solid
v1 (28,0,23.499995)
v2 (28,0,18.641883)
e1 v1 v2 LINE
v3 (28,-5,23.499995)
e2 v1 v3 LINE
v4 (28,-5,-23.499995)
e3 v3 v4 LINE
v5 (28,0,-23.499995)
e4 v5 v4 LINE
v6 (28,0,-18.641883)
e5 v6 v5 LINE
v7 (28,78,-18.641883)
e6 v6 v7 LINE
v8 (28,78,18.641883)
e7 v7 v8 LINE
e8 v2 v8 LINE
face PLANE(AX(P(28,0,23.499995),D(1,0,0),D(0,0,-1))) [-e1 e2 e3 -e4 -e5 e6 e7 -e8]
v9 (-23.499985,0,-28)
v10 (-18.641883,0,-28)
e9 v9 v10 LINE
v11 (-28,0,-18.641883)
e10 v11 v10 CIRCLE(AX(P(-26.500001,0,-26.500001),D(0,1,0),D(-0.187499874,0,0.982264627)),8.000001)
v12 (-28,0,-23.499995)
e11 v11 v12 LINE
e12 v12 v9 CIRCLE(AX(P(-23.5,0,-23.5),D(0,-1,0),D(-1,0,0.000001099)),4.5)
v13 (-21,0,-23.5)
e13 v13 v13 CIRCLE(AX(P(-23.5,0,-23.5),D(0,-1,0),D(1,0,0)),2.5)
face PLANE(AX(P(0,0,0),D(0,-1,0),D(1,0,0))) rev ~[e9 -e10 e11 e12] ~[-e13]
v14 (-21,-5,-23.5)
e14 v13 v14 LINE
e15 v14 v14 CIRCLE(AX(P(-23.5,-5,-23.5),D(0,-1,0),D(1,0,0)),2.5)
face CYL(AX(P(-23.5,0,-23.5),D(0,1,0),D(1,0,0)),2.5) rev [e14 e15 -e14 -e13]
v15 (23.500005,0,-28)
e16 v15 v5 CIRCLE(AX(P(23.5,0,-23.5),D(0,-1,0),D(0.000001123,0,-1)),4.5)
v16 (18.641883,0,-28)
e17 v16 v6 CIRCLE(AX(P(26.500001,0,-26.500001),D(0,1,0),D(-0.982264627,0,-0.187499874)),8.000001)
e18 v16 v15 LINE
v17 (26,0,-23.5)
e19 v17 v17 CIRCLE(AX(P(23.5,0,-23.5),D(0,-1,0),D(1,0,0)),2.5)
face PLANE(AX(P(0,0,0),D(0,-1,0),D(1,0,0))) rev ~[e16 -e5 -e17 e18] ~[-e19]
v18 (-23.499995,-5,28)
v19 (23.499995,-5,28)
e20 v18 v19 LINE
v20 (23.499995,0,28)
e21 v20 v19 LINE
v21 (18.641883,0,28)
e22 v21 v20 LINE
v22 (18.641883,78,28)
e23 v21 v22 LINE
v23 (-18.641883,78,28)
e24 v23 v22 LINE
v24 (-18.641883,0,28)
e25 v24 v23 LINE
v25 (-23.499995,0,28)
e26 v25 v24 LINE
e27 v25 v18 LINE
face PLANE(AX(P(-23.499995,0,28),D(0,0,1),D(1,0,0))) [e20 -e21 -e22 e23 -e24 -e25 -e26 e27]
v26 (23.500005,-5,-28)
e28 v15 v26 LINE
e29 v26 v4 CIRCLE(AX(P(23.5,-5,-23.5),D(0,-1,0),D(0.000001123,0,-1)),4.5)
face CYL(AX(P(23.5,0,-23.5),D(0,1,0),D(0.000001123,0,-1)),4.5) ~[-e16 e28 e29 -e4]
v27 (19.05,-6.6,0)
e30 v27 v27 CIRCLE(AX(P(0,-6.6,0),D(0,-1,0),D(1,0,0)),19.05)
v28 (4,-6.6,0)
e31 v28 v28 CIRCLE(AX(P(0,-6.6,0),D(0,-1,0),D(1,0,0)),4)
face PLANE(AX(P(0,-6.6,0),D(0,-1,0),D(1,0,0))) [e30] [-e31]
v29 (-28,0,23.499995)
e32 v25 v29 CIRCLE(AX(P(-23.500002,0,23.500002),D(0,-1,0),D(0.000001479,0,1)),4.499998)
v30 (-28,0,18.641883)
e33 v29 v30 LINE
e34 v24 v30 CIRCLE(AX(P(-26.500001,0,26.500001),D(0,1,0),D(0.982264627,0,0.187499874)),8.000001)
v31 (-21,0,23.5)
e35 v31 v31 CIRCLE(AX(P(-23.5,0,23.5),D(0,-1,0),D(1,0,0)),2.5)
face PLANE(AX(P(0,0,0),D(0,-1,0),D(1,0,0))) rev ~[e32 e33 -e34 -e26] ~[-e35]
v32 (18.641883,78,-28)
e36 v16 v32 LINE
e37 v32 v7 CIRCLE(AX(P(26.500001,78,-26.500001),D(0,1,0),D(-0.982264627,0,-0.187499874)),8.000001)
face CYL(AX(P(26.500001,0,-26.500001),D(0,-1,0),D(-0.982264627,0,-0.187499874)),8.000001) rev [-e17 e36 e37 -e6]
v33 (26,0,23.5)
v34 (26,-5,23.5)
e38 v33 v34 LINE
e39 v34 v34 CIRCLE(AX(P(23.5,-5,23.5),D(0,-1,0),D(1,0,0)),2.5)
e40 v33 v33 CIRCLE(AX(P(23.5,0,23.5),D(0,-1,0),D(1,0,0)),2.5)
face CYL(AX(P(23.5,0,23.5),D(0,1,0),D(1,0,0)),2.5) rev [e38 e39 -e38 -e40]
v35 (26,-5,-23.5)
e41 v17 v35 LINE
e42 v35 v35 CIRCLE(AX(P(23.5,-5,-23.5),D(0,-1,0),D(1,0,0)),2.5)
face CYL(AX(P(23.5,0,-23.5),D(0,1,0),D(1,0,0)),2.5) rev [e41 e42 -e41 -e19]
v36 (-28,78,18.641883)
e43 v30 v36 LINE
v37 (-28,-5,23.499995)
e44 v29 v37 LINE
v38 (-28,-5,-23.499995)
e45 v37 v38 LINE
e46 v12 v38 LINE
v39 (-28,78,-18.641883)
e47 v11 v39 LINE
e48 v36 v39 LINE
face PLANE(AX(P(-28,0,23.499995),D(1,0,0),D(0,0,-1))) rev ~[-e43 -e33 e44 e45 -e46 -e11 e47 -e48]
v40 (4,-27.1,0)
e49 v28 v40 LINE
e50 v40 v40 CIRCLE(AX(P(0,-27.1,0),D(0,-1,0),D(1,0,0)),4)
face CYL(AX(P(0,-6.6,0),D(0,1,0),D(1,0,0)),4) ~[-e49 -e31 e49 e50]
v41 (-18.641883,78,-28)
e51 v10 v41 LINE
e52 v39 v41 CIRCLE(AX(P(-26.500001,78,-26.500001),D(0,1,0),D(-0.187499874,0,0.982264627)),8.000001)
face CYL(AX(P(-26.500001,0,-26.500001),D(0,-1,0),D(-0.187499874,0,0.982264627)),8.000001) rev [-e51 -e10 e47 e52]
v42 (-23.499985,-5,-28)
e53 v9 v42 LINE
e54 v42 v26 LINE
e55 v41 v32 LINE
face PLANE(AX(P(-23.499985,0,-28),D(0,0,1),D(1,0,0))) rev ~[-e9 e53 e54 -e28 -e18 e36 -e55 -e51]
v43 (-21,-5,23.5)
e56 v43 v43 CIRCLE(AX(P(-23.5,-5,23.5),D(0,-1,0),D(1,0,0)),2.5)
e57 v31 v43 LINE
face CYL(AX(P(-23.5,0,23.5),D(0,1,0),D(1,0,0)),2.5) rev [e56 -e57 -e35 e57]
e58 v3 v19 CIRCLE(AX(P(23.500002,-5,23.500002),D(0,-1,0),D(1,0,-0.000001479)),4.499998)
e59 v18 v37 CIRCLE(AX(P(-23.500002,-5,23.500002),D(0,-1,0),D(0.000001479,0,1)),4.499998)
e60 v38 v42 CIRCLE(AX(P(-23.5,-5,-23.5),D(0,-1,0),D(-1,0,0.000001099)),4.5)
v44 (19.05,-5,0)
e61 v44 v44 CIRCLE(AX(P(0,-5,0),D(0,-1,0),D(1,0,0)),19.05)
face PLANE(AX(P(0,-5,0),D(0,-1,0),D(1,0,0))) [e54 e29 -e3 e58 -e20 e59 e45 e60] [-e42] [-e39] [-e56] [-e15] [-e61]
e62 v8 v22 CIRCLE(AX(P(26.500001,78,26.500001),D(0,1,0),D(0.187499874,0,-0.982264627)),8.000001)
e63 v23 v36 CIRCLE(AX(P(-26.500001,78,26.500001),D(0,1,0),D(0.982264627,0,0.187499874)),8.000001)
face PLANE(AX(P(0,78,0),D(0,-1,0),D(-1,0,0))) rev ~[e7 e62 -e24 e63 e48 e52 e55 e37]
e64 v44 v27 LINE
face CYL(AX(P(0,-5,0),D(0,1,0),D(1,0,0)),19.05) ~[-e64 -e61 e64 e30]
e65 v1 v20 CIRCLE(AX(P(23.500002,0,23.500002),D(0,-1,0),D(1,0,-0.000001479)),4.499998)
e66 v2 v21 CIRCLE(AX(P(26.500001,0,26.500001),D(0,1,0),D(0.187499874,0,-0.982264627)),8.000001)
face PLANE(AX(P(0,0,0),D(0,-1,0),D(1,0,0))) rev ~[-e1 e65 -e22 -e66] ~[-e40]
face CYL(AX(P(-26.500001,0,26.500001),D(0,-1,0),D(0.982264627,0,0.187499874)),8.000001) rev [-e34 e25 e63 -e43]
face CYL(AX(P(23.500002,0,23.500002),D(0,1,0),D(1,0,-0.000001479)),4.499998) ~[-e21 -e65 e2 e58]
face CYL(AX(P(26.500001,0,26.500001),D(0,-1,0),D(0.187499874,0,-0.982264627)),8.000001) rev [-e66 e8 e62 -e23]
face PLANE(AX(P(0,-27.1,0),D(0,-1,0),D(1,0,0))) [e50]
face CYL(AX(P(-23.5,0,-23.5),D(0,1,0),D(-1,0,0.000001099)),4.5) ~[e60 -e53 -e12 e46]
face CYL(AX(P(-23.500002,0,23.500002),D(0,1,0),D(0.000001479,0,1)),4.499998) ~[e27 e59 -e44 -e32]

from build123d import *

# Parameters (mm, degrees)
SKETCH_R     = 2.5
PAD_DEPTH    = 5
SKETCH001_R  = 19.05
PAD001_DEPTH = 1.6
SKETCH002_R  = 4
PAD002_DEPTH = 20.5
PAD003_DEPTH = 78


with BuildPart() as part:
    # Sketch → Pad (new body)
    with BuildSketch(Plane.XZ):
        with BuildLine():
            Line((-28, 23.499995), (-28, -23.499995))
            ThreePointArc((-28, -23.499995), (-26.681977, -26.681984), (-23.499985, -28))
            Line((-23.499985, -28), (23.500005, -28))
            ThreePointArc((23.500005, -28), (26.681984, -26.681977), (28, -23.499995))
            Line((28, 23.499995), (28, -23.499995))
            ThreePointArc((28, 23.499995), (26.681981, 26.681981), (23.499995, 28))
            Line((-23.499995, 28), (23.499995, 28))
            ThreePointArc((-23.499995, 28), (-26.681981, 26.681981), (-28, 23.499995))
        make_face()
        with Locations((-23.5, 23.5)):
            Circle(SKETCH_R, mode=Mode.SUBTRACT)
        with Locations((23.5, 23.5)):
            Circle(SKETCH_R, mode=Mode.SUBTRACT)
        with Locations((-23.5, -23.5)):
            Circle(SKETCH_R, mode=Mode.SUBTRACT)
        with Locations((23.5, -23.5)):
            Circle(SKETCH_R, mode=Mode.SUBTRACT)
    extrude(amount=PAD_DEPTH)

    # Sketch001 (on Face14 of Pad) → Pad001 (join)
    with BuildSketch(Plane.XZ.offset(5)):
        Circle(SKETCH001_R)
    extrude(amount=PAD001_DEPTH)

    # Sketch002 (on Face16 of Pad001) → Pad002 (join)
    with BuildSketch(Plane.XZ.offset(6.6)):
        Circle(SKETCH002_R)
    extrude(amount=PAD002_DEPTH)

    # Sketch003 (on Face4 of Pad002) → Pad003 (join)
    with BuildSketch(Plane(origin=(0, 0, 0), x_dir=(1, 0, 0), z_dir=(0, 1, 0))):
        with BuildLine():
            Line((-18.641883, 28), (18.641883, 28))
            ThreePointArc((18.641883, 28), (20.843146, 20.843146), (28, 18.641883))
            Line((28, 18.641883), (28, -18.641883))
            ThreePointArc((28, -18.641883), (20.843146, -20.843146), (18.641883, -28))
            Line((-18.641883, -28), (18.641883, -28))
            ThreePointArc((-18.641883, -28), (-20.843146, -20.843146), (-28, -18.641883))
            Line((-28, -18.641883), (-28, 18.641883))
            ThreePointArc((-28, 18.641883), (-20.843146, 20.843146), (-18.641883, 28))
        make_face()
    extrude(amount=PAD003_DEPTH)


solid = part.part
